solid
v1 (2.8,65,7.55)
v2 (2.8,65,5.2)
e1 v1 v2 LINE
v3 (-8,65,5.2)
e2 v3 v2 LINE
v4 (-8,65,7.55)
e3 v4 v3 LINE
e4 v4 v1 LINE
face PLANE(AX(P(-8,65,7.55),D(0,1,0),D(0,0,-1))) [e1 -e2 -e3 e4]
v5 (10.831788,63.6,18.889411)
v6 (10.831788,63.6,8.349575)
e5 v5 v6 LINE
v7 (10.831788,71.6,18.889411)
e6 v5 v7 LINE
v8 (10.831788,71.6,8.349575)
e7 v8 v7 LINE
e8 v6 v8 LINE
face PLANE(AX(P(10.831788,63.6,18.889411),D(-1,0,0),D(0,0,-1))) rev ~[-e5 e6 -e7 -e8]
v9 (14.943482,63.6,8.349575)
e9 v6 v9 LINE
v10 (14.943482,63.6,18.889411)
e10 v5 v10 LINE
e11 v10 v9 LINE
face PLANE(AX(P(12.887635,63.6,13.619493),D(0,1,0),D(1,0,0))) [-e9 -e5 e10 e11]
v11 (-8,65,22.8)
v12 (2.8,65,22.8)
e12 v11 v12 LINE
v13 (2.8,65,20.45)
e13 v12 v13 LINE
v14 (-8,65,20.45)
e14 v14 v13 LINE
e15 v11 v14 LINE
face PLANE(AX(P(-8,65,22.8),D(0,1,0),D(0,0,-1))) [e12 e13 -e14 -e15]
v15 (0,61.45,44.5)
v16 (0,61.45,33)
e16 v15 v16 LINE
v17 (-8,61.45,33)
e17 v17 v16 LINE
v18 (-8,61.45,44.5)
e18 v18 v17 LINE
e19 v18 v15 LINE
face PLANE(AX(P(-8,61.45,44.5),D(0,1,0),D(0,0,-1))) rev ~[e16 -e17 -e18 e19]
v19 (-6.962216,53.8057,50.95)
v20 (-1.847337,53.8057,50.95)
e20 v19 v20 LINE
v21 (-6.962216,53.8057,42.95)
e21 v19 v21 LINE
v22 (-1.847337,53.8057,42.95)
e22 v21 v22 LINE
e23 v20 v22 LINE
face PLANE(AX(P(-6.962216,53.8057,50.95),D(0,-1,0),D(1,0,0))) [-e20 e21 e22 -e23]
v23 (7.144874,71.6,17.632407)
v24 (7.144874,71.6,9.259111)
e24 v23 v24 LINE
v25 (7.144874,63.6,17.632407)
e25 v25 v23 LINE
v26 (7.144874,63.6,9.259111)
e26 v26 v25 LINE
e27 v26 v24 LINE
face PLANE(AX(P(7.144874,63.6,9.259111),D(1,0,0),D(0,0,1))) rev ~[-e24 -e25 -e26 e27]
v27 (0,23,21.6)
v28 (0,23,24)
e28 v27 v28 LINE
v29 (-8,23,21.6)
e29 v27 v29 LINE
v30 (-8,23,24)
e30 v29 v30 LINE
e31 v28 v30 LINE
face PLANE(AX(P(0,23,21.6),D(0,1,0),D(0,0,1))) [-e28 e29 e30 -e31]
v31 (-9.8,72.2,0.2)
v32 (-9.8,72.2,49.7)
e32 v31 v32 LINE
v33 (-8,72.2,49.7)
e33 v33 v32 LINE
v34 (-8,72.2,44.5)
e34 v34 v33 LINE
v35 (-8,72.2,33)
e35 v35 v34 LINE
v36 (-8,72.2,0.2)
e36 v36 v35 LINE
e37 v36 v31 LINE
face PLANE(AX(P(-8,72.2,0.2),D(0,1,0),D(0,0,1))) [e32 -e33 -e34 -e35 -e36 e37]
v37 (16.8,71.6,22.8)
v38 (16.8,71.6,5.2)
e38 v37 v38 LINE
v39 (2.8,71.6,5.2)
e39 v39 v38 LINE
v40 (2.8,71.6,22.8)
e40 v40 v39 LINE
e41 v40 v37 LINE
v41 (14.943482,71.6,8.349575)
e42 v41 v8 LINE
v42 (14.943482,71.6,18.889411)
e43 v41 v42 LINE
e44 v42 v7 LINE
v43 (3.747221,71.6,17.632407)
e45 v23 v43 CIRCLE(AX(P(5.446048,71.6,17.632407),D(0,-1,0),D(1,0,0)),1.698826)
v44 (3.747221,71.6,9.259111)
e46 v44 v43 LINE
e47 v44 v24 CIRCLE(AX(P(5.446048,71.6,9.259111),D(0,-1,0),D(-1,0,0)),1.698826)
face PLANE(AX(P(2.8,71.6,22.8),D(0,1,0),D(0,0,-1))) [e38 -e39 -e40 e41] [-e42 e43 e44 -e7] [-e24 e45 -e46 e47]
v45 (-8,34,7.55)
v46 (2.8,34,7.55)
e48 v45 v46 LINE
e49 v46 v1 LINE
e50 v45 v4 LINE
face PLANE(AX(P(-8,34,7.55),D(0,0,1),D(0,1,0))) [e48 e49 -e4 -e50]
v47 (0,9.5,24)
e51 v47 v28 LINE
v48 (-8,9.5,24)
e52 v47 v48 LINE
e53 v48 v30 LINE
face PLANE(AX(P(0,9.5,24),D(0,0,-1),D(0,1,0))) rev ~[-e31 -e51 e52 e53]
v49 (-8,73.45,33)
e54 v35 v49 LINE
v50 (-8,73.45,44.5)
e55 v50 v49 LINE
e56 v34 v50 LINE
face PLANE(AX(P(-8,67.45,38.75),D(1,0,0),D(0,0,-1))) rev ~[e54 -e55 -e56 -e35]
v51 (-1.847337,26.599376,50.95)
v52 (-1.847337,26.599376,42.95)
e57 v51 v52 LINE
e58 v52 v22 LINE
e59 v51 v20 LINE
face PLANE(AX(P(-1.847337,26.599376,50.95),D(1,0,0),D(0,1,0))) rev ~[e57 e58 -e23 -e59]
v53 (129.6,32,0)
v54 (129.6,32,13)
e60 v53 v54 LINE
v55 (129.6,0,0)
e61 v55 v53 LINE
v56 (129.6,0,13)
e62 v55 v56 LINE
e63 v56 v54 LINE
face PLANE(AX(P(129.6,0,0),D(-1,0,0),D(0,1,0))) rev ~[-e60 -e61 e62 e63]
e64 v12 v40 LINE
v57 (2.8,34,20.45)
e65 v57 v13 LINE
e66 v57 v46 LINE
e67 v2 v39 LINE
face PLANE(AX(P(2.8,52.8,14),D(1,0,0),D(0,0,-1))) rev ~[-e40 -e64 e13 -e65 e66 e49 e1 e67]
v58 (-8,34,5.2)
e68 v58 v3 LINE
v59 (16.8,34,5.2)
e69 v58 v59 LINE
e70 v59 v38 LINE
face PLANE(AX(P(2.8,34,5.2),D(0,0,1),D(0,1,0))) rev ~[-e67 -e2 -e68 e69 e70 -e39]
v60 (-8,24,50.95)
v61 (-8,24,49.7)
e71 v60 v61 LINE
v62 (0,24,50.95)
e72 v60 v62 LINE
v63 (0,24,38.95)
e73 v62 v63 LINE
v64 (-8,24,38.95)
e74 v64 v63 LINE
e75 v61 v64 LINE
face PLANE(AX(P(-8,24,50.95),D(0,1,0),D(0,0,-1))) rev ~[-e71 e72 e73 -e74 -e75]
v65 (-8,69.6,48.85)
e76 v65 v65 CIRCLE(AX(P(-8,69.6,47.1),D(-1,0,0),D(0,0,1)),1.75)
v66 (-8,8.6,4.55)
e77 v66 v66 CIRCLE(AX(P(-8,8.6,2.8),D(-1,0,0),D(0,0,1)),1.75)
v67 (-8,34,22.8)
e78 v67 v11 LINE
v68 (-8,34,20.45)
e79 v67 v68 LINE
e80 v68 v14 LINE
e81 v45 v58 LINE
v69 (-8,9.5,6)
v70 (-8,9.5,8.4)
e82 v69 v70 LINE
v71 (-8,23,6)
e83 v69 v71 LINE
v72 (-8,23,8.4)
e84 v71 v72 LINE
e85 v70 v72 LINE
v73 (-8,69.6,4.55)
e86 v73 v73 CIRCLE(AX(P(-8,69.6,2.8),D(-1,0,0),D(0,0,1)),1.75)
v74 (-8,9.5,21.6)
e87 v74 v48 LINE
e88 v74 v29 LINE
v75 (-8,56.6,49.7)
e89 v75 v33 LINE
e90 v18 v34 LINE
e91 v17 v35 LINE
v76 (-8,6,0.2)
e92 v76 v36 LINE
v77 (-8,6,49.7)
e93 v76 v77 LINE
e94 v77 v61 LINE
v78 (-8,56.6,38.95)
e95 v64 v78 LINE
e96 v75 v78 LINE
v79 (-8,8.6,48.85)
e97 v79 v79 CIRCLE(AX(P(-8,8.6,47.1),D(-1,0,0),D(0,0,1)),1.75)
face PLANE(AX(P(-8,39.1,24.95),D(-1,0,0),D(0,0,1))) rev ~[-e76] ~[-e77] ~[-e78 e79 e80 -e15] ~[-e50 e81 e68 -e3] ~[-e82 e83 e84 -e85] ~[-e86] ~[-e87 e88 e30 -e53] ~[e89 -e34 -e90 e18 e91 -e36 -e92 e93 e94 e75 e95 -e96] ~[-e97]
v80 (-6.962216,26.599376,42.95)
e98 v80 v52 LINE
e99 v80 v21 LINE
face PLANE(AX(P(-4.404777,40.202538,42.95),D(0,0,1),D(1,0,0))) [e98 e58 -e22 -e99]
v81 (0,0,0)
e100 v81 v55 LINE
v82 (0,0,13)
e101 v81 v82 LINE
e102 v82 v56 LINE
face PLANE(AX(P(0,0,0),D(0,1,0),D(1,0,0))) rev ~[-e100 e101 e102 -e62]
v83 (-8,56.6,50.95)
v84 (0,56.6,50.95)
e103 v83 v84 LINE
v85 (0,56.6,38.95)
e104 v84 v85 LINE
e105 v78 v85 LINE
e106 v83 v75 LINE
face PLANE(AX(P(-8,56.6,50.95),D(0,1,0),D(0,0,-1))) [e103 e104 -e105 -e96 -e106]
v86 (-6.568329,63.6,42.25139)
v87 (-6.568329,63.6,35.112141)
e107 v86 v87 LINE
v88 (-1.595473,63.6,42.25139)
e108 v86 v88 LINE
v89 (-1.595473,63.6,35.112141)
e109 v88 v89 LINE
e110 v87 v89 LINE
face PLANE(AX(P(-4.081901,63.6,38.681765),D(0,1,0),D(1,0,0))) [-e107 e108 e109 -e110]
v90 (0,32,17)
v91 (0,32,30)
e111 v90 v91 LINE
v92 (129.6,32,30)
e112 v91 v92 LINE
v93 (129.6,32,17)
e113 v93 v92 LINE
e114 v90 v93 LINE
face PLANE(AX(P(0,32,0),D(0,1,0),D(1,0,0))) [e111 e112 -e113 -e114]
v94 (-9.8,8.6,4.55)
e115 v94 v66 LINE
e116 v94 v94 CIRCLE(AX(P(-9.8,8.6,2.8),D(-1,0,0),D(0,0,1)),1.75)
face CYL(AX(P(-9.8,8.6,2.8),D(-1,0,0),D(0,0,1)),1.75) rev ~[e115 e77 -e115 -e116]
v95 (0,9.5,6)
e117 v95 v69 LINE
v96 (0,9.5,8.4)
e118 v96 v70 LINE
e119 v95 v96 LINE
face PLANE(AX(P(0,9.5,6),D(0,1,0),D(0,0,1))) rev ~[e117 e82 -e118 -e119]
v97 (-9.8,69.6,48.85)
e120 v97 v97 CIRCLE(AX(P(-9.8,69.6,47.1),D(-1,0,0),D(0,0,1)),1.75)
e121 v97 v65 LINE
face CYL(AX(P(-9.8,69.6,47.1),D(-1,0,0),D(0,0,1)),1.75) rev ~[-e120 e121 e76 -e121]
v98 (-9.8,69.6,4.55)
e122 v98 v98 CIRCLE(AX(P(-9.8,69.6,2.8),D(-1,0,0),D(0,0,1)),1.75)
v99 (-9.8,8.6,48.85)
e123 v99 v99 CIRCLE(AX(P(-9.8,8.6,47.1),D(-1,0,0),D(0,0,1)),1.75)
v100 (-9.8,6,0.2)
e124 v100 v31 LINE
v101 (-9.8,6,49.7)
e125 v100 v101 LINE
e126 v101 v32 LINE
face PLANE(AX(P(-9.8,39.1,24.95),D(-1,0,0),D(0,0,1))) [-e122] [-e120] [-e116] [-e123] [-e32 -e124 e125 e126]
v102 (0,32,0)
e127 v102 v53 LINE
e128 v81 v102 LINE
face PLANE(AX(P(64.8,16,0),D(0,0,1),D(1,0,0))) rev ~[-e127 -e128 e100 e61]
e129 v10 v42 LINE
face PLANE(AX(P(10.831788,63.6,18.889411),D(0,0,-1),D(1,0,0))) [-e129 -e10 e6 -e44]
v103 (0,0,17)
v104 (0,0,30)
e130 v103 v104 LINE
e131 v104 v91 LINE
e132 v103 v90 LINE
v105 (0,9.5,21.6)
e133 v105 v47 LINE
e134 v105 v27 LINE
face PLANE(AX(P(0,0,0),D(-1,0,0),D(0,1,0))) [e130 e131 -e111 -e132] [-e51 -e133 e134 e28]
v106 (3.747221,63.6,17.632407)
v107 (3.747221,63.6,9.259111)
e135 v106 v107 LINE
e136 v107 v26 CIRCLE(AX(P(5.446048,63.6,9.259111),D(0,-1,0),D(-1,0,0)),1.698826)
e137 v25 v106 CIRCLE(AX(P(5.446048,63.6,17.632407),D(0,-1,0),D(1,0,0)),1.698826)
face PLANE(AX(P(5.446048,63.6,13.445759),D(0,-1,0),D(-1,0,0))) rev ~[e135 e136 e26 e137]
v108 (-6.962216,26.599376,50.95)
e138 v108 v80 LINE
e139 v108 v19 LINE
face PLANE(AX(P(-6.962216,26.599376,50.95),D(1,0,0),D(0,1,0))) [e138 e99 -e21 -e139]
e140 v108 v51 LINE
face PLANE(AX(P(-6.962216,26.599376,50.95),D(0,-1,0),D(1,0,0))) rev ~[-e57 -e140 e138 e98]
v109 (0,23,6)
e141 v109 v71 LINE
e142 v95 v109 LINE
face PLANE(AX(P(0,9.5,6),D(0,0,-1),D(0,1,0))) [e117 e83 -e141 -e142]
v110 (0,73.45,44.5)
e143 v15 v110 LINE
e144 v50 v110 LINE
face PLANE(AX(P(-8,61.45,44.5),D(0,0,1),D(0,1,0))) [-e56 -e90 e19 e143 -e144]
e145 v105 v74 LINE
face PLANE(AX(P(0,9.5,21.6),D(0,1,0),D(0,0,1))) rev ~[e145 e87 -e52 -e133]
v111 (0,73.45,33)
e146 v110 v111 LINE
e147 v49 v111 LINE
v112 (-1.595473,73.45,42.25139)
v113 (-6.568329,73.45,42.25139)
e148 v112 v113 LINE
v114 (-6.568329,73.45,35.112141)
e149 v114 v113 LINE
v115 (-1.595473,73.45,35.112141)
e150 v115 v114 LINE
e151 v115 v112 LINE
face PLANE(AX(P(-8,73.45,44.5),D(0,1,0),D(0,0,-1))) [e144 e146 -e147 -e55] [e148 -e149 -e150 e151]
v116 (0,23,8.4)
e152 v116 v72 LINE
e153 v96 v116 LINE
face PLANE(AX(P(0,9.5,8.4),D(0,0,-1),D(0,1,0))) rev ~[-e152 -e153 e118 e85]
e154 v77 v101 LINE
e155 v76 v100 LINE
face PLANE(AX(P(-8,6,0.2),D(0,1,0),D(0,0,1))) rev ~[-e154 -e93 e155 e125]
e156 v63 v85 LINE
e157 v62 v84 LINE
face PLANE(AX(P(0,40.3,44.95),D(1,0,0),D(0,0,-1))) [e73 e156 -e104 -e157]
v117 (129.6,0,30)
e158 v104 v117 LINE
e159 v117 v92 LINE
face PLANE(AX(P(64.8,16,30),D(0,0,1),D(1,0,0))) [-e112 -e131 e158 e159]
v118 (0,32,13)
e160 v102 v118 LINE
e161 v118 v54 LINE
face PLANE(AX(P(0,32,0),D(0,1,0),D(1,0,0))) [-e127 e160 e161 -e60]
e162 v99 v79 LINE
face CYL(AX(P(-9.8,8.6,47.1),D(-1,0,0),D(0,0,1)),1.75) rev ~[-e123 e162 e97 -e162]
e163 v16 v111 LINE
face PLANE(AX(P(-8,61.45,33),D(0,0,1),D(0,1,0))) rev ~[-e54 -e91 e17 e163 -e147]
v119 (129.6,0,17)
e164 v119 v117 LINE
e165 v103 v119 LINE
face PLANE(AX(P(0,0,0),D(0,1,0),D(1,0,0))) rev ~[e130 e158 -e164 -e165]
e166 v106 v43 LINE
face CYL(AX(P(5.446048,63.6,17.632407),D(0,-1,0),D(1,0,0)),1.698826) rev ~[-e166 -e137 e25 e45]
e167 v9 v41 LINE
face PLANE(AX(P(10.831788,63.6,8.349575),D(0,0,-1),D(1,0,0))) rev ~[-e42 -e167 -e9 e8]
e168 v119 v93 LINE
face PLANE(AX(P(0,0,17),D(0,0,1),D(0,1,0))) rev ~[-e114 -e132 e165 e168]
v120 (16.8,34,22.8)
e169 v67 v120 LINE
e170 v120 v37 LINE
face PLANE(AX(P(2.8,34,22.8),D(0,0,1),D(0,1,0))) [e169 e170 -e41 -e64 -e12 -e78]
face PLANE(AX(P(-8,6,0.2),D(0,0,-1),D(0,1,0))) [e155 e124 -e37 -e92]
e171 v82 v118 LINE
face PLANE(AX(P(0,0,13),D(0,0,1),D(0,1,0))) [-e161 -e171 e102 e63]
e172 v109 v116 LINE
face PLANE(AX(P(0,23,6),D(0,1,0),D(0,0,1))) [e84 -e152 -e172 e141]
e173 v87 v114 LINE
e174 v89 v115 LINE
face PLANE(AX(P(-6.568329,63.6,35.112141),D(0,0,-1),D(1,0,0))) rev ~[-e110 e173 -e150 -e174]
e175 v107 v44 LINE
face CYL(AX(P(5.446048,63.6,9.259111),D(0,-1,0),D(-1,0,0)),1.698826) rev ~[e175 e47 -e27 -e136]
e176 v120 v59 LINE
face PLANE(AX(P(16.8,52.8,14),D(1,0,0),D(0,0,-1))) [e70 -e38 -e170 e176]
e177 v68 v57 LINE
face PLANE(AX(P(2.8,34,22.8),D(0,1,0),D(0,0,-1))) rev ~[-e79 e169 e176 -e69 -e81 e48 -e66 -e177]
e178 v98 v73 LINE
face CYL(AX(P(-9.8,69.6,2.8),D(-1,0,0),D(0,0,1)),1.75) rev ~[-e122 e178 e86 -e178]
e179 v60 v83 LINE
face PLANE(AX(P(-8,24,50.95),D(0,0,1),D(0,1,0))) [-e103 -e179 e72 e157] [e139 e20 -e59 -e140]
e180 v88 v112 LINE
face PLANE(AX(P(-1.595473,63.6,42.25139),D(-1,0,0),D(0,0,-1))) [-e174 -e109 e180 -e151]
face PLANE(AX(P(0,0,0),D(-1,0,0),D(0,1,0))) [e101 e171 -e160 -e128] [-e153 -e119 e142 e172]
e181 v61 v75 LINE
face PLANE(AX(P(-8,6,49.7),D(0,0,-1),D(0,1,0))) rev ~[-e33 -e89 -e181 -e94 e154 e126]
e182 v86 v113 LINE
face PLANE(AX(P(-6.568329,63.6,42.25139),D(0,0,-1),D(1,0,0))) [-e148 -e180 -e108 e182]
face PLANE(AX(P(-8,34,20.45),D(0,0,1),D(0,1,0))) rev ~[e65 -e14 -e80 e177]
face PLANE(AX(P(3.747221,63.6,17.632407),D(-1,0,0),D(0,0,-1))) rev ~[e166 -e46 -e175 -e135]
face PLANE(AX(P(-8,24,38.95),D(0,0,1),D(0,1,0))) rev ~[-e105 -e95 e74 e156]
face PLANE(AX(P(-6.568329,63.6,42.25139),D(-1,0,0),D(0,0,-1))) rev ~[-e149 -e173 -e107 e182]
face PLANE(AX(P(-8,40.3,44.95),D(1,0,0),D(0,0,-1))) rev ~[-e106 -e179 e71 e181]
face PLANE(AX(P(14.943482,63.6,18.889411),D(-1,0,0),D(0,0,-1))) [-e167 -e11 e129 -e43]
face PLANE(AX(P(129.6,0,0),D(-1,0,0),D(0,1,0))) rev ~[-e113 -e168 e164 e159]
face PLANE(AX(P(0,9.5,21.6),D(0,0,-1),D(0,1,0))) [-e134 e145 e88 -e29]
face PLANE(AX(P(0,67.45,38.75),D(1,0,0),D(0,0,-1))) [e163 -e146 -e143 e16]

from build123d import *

# Parameters (mm, degrees)
SKETCH2_W               = 129.6
SKETCH2_H               = 32
BOSS_EXTRUDE1_DEPTH     = 30
SKETCH3_W               = 2.4
SKETCH3_H               = 13.5
BOSS_EXTRUDE2_DEPTH     = 8
SKETCH4_W               = 49.5
SKETCH4_H               = 66.2
BOSS_EXTRUDE3_DEPTH     = 1.8
SKETCH5_R               = 1.75
CUT_EXTRUDE1_DEPTH      = 1.8
SKETCH6_W               = 2.35
SKETCH6_H               = 31
BOSS_EXTRUDE4_DEPTH     = 10.8
SKETCH7_W               = 17.6
SKETCH7_H               = 37.6
BOSS_EXTRUDE5_DEPTH     = 14
SKETCH8_W               = 11.5
SKETCH8_H               = 12
SKETCH8_W_2             = 12
SKETCH8_H_2             = 32.6
BOSS_EXTRUDE6_DEPTH     = 8
CUT_EXTRUDE2_DEPTH      = 8
CUT_EXTRUDE2_DEPTH_BACK = 8
SKETCH9_W               = 4.972856148
SKETCH9_H               = 7.139248924
SKETCH9_W_2             = 4.11169422
SKETCH9_H_2             = 10.539835888
SKETCH10_W              = 5.114878679
SKETCH10_H              = 27.206324026
CUT_EXTRUDE3_DEPTH      = 8
CUT_EXTRUDE4_DEPTH      = 166.599411231
CUT_EXTRUDE4_DEPTH_BACK = 129.6
SKETCH11_W              = 4
SKETCH11_H              = 32


with BuildPart() as part:
    # Sketch2 → Boss-Extrude1 (new body)
    with BuildSketch(Plane.XY):
        with Locations((64.8, 16)):
            Rectangle(SKETCH2_W, SKETCH2_H)
    extrude(amount=BOSS_EXTRUDE1_DEPTH)

    # Sketch3 → Boss-Extrude2 (add)
    with BuildSketch(Plane.ZY):
        with Locations((7.2, 16.25)):
            Rectangle(SKETCH3_W, SKETCH3_H)
        with Locations((22.8, 16.25)):
            Rectangle(SKETCH3_W, SKETCH3_H)
    extrude(amount=BOSS_EXTRUDE2_DEPTH)

    # Sketch4 → Boss-Extrude3 (add)
    with BuildSketch(Plane.ZY.offset(8)):
        with Locations((24.95, 39.1)):
            Rectangle(SKETCH4_W, SKETCH4_H)
    extrude(amount=BOSS_EXTRUDE3_DEPTH)

    # Sketch5 → Cut-Extrude1 (cut)
    with BuildSketch(Plane.ZY.offset(9.8)):
        with Locations((2.8, 69.6)):
            Circle(SKETCH5_R)
        with Locations((47.1, 69.6)):
            Circle(SKETCH5_R)
        with Locations((47.1, 8.6)):
            Circle(SKETCH5_R)
        with Locations((2.8, 8.6)):
            Circle(SKETCH5_R)
    extrude(amount=-CUT_EXTRUDE1_DEPTH, mode=Mode.SUBTRACT)

    # Sketch6 → Boss-Extrude4 (add)
    with BuildSketch(Plane(origin=(-8, 0, 0), x_dir=(0, 0, -1), z_dir=(1, 0, 0))):
        with Locations((-6.375, 49.5)):
            Rectangle(SKETCH6_W, SKETCH6_H)
        with Locations((-21.625, 49.5)):
            Rectangle(SKETCH6_W, SKETCH6_H)
    extrude(amount=BOSS_EXTRUDE4_DEPTH)

    # Sketch7 → Boss-Extrude5 (add)
    with BuildSketch(Plane(origin=(2.8, 0, 0), x_dir=(0, 0, -1), z_dir=(1, 0, 0))):
        with Locations((-14, 52.8)):
            Rectangle(SKETCH7_W, SKETCH7_H)
    extrude(amount=BOSS_EXTRUDE5_DEPTH)

    # Sketch8 → Boss-Extrude6 (add)
    with BuildSketch(Plane(origin=(-8, 0, 0), x_dir=(0, 0, -1), z_dir=(1, 0, 0))):
        with Locations((-38.75, 67.45)):
            Rectangle(SKETCH8_W, SKETCH8_H)
        with Locations((-44.95, 40.3)):
            Rectangle(SKETCH8_W_2, SKETCH8_H_2)
    extrude(amount=BOSS_EXTRUDE6_DEPTH)

    # Sketch9 → Cut-Extrude2 (cut, two sides: drawn at the far end of the back side and taken through both)
    with BuildSketch(Plane(origin=(0, 71.6, 0), x_dir=(1, 0, 0), z_dir=(0, 1, 0)).offset(-CUT_EXTRUDE2_DEPTH_BACK)):
        with Locations((-4.081901009, -38.681765119)):
            Rectangle(SKETCH9_W, SKETCH9_H)
        with BuildLine():
            Line((7.144873984, -9.259110814), (7.144873984, -17.632407274))
            ThreePointArc((7.144873984, -17.632407274), (5.446047642, -19.331233616), (3.747221299, -17.632407274))
            Line((3.747221299, -17.632407274), (3.747221299, -9.259110814))
            ThreePointArc((3.747221299, -9.259110814), (5.446047642, -7.560284471), (7.144873984, -9.259110814))
        make_face()
        with Locations((12.887635068, -13.619492602)):
            Rectangle(SKETCH9_W_2, SKETCH9_H_2)
    extrude(amount=CUT_EXTRUDE2_DEPTH + CUT_EXTRUDE2_DEPTH_BACK, mode=Mode.SUBTRACT)

    # Sketch10 → Cut-Extrude3 (cut)
    with BuildSketch(Plane.XY.offset(50.95)):
        with Locations((-4.404776722, 40.202538217)):
            Rectangle(SKETCH10_W, SKETCH10_H)
    extrude(amount=-CUT_EXTRUDE3_DEPTH, mode=Mode.SUBTRACT)

    # Sketch11 → Cut-Extrude4 (cut, two sides: drawn at the far end of the back side and taken through both)
    with BuildSketch(Plane(origin=(129.6, 0, 0), x_dir=(0, 0, -1), z_dir=(1, 0, 0)).offset(-CUT_EXTRUDE4_DEPTH_BACK)):
        with Locations((-15, 16)):
            Rectangle(SKETCH11_W, SKETCH11_H)
    extrude(amount=CUT_EXTRUDE4_DEPTH + CUT_EXTRUDE4_DEPTH_BACK, mode=Mode.SUBTRACT)


solid = part.part
